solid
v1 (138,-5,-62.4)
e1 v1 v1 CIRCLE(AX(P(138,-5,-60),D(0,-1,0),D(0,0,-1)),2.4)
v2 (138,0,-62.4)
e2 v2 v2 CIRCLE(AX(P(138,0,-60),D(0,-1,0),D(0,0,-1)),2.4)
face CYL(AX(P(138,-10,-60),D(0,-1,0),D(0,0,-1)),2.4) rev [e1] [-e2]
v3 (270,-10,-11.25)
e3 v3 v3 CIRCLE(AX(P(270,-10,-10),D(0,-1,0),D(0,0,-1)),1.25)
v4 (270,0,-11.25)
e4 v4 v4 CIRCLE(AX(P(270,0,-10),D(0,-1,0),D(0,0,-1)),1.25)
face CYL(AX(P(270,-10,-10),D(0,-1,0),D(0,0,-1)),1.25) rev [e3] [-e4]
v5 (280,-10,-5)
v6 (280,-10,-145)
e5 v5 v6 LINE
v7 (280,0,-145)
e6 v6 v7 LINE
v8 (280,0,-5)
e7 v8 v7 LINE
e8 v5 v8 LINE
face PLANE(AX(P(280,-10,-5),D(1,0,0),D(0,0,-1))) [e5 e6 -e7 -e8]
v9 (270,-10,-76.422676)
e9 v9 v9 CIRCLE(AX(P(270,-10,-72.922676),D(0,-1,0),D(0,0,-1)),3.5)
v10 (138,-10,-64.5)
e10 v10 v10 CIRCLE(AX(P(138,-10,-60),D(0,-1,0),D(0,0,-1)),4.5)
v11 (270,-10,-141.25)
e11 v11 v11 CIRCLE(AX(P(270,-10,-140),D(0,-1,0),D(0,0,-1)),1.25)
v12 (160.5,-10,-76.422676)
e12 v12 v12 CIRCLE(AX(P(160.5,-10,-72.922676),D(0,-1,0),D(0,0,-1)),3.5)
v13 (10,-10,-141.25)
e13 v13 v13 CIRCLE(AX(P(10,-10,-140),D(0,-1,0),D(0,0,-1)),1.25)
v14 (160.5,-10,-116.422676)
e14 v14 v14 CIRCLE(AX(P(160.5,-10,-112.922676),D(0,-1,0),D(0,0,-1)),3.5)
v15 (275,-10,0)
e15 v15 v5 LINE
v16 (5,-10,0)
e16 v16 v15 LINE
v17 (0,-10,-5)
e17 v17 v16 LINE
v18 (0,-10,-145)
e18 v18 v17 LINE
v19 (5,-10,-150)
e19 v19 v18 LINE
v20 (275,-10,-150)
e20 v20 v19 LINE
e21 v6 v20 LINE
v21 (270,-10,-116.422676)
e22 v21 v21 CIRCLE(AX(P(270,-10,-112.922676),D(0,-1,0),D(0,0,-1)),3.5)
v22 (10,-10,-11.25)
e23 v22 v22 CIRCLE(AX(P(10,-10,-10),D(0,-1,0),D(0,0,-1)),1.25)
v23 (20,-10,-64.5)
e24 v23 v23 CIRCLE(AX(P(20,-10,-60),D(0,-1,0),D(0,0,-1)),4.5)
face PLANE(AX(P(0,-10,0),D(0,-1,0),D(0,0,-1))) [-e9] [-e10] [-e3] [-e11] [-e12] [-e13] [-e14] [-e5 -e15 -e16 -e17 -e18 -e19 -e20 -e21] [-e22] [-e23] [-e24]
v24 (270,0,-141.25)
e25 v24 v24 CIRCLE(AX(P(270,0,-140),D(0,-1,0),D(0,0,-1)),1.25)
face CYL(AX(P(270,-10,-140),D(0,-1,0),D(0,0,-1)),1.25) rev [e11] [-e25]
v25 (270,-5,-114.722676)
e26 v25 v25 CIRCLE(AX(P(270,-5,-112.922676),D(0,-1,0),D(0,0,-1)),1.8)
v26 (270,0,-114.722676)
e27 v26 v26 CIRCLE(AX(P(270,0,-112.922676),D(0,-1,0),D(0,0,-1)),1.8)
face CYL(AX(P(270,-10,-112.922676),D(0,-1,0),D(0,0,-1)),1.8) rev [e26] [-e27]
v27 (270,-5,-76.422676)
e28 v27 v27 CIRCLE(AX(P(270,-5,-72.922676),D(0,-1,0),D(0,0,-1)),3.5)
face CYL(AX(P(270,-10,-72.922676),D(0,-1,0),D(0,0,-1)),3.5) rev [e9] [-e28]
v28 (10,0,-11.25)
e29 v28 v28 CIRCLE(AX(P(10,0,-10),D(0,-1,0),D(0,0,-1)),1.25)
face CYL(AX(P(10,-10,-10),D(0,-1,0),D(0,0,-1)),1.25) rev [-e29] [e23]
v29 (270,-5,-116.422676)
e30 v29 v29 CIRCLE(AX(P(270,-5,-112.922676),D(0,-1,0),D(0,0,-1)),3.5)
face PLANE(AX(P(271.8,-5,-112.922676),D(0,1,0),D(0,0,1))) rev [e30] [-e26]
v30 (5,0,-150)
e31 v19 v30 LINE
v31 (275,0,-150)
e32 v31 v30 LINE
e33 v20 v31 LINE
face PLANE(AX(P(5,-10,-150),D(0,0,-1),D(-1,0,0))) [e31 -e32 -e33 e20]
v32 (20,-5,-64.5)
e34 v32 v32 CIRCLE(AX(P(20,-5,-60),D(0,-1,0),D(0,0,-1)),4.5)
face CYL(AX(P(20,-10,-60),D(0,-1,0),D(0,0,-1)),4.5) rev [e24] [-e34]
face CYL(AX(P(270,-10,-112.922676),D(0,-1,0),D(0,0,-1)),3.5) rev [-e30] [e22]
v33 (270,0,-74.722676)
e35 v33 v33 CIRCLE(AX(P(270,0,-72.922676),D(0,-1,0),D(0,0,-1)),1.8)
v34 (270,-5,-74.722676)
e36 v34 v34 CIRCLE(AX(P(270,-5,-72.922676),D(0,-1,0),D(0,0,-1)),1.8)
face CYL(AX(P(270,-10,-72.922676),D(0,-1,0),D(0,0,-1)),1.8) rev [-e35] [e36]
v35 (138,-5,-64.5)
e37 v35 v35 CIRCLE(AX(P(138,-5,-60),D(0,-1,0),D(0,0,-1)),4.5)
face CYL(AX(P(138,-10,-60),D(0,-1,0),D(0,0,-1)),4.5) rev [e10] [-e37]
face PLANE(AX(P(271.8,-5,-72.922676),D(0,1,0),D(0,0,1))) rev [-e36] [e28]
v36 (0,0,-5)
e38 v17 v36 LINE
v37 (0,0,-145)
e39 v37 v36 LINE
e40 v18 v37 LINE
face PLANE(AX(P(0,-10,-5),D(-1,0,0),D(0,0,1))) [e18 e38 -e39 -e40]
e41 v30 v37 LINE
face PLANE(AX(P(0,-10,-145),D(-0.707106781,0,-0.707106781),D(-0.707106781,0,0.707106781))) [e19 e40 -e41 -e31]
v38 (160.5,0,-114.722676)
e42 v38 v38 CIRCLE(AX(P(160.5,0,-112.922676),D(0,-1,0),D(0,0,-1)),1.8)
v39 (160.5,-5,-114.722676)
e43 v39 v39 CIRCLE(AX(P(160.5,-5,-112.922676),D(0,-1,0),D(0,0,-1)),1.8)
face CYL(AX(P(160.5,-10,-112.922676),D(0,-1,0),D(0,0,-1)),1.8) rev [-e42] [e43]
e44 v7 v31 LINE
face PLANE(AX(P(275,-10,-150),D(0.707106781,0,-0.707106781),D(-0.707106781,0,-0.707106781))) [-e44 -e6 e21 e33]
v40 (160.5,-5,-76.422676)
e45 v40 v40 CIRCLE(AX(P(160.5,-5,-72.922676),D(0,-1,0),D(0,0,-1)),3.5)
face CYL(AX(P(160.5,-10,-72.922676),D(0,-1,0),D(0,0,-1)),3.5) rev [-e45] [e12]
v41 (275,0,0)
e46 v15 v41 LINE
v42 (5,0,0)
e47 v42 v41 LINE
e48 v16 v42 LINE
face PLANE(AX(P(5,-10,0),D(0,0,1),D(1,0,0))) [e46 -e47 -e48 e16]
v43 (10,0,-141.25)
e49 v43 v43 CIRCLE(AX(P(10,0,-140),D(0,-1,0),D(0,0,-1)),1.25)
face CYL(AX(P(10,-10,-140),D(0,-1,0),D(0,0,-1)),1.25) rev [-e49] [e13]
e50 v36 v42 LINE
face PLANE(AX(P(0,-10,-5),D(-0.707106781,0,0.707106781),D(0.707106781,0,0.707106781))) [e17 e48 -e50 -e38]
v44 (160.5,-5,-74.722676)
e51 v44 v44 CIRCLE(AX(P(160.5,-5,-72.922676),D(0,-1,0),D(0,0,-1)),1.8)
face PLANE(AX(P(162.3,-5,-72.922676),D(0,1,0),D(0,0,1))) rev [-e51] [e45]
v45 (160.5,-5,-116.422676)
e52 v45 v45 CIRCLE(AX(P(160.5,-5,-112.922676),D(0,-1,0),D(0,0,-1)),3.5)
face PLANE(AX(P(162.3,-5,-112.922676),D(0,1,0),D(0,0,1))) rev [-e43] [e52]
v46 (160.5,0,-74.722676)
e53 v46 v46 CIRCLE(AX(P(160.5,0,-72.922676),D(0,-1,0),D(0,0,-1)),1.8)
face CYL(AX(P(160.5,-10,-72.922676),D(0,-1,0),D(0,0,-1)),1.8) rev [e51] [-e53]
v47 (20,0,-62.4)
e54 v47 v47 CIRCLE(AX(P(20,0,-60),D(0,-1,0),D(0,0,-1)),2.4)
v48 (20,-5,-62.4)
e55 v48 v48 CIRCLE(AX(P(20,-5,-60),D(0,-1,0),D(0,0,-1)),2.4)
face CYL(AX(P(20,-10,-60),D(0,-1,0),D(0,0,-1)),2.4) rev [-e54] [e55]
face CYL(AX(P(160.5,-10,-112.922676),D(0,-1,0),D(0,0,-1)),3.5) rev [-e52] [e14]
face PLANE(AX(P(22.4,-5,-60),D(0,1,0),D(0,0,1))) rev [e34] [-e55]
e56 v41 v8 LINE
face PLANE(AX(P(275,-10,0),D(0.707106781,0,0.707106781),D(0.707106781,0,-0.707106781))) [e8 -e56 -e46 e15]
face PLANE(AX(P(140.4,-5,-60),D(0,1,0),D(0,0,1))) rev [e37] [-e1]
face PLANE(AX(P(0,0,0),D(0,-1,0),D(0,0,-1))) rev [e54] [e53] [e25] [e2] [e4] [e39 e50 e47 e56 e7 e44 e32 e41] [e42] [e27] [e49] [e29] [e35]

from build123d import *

# Parameters (mm, degrees)
BOSS_EXTRUDE1_DEPTH                      = 10
CBORE_FOR_M4_PAN_HEAD_SCREW1_D           = 4.8
CBORE_FOR_M4_PAN_HEAD_SCREW1_CBORE_D     = 9
CBORE_FOR_M4_PAN_HEAD_SCREW1_CBORE_DEPTH = 5
M3X0_5_TAPPED_HOLE1_D                    = 2.5
CBORE_FOR_M3_PAN_HEAD_SCREW1_D           = 3.6
CBORE_FOR_M3_PAN_HEAD_SCREW1_CBORE_D     = 7
CBORE_FOR_M3_PAN_HEAD_SCREW1_CBORE_DEPTH = 5


with BuildPart() as part:
    # Sketch1 → Boss-Extrude1 (new body)
    with BuildSketch(Plane(origin=(0, 0, 0), x_dir=(1, 0, 0), z_dir=(0, 1, 0))):
        Polygon((0, 145), (5, 150), (275, 150), (280, 145), (280, 5), (275, 0), (5, 0), (0, 5), align=None)
    extrude(amount=-BOSS_EXTRUDE1_DEPTH)

    # CBORE for M4 Pan Head Screw1 (through all)
    with Locations(Plane(origin=(0, -10, 0), x_dir=(-1, 0, 0), z_dir=(0, -1, 0))):
        with Locations((-138, 60), (-20, 60)):
            CounterBoreHole(CBORE_FOR_M4_PAN_HEAD_SCREW1_D / 2, CBORE_FOR_M4_PAN_HEAD_SCREW1_CBORE_D / 2, CBORE_FOR_M4_PAN_HEAD_SCREW1_CBORE_DEPTH)

    # M3x0.5 Tapped Hole1 (through all)
    with Locations(Plane(origin=(0, -10, 0), x_dir=(-1, 0, 0), z_dir=(0, -1, 0))):
        with Locations((-10, 10), (-10, 140), (-270, 140), (-270, 10)):
            Hole(M3X0_5_TAPPED_HOLE1_D / 2)

    # CBORE for M3 Pan Head Screw1 (through all)
    with Locations(Plane(origin=(0, -10, 0), x_dir=(-1, 0, 0), z_dir=(0, -1, 0))):
        with Locations((-160.5, 112.922675535), (-160.5, 72.922675535), (-270, 112.922675535), (-270, 72.922675535)):
            CounterBoreHole(CBORE_FOR_M3_PAN_HEAD_SCREW1_D / 2, CBORE_FOR_M3_PAN_HEAD_SCREW1_CBORE_D / 2, CBORE_FOR_M3_PAN_HEAD_SCREW1_CBORE_DEPTH)


solid = part.part
